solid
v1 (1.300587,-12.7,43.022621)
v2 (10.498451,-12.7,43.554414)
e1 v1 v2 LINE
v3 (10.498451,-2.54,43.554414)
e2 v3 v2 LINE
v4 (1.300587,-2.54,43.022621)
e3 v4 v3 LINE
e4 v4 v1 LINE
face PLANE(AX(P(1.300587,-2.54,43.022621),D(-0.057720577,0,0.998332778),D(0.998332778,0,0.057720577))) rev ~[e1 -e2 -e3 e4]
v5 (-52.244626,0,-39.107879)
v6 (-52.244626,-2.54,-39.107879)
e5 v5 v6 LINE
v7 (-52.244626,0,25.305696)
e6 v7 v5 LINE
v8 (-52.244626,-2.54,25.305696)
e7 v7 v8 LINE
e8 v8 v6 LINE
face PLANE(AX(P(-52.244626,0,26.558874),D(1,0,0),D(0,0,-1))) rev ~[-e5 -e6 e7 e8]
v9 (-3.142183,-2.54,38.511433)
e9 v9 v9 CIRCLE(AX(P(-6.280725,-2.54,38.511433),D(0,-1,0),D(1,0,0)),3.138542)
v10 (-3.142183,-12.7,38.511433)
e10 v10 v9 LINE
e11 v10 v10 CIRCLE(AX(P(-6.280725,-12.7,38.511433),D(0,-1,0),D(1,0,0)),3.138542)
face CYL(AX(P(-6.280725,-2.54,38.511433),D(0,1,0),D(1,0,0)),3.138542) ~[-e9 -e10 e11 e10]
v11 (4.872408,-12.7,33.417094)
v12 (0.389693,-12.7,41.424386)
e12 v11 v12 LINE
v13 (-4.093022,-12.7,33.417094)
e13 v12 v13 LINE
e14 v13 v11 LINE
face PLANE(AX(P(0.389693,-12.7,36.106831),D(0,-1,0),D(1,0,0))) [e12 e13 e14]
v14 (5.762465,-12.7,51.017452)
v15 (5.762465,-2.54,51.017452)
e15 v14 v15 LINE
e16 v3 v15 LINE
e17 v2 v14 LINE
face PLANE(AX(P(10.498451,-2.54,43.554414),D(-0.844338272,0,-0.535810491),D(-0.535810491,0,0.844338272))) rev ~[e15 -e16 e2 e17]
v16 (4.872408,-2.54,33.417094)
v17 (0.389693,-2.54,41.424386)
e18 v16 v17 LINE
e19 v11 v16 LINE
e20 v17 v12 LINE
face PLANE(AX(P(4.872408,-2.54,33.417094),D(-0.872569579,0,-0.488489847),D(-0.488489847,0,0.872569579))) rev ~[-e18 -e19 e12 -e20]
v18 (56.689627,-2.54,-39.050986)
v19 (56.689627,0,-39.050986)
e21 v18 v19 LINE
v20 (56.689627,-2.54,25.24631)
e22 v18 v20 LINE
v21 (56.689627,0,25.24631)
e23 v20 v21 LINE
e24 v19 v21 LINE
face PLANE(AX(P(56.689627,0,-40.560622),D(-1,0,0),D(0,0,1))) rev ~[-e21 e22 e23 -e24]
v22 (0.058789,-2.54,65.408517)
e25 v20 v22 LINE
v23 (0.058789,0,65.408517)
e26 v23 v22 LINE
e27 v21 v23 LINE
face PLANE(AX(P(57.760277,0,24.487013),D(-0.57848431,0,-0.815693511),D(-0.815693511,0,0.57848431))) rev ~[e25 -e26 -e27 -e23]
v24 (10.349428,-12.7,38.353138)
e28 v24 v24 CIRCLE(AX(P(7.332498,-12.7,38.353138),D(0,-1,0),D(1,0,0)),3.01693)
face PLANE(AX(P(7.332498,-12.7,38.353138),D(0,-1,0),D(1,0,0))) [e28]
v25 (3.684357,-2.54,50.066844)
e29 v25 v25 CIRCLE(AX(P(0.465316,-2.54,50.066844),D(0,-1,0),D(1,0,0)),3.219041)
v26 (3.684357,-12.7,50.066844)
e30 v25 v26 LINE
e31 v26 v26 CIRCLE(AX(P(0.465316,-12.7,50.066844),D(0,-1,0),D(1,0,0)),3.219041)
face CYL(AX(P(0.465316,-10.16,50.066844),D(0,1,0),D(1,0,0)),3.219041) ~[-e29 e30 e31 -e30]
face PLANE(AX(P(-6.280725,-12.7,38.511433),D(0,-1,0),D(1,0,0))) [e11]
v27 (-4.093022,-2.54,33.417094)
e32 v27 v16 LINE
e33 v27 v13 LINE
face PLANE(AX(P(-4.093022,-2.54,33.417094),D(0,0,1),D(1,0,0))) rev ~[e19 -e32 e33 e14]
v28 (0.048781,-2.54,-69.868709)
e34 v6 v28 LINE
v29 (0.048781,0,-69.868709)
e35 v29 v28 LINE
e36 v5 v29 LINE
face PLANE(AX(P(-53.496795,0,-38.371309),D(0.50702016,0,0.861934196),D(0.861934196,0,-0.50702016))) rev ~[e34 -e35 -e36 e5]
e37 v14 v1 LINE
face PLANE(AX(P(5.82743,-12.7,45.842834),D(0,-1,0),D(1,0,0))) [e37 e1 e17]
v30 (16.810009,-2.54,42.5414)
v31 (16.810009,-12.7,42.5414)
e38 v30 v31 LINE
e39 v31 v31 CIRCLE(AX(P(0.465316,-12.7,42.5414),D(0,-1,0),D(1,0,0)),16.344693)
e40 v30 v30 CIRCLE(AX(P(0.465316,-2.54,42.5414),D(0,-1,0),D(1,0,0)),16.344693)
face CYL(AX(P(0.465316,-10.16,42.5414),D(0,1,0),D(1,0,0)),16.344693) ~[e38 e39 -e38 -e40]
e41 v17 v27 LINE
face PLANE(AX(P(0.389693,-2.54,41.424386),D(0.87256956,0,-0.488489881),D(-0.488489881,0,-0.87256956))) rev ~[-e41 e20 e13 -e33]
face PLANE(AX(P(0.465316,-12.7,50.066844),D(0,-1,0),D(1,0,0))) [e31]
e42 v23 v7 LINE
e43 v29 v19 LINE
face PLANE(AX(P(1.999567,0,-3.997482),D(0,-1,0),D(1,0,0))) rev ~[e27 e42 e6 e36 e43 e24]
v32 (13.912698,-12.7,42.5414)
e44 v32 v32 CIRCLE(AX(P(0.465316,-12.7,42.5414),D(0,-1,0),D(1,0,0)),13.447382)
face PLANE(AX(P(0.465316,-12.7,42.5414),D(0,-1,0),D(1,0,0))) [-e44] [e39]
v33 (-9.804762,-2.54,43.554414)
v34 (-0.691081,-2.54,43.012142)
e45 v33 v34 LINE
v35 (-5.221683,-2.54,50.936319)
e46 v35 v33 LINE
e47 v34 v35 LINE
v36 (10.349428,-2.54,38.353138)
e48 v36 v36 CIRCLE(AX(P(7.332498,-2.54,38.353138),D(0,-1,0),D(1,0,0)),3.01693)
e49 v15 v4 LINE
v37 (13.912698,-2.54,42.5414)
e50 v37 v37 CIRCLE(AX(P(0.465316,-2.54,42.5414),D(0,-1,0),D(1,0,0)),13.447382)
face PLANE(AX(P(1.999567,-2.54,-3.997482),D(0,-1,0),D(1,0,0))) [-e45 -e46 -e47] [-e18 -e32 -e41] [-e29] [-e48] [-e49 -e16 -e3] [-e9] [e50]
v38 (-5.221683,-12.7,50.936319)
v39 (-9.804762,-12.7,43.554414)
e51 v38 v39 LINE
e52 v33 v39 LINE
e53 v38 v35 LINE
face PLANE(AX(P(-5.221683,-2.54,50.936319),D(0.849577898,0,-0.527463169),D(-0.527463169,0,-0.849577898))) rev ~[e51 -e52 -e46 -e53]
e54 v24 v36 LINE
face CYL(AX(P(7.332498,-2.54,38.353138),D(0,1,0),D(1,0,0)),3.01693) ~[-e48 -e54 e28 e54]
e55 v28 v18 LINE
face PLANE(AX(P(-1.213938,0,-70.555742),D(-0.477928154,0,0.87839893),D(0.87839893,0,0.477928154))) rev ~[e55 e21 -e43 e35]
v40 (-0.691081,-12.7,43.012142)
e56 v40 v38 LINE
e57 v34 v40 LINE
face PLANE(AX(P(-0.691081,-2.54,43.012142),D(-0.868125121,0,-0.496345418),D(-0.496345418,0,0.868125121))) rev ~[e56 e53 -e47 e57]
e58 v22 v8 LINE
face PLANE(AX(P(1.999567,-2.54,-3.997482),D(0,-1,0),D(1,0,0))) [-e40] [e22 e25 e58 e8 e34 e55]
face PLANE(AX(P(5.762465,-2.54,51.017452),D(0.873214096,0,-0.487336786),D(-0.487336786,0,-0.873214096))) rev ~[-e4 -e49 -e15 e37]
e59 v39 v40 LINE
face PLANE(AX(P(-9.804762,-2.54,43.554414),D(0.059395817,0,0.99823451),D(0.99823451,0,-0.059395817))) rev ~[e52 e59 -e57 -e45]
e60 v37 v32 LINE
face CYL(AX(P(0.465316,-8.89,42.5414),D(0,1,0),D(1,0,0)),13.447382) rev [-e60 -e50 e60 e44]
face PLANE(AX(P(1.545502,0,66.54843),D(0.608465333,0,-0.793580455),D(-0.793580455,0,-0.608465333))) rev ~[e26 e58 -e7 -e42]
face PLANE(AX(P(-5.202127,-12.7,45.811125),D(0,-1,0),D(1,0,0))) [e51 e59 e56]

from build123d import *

# Parameters (mm, degrees)
F1_DEPTH  = 12.7
F2_DEPTH  = 2.54
F3_DEPTH  = 7.62
F4_DEPTH  = 2.54
F5_DEPTH  = 2.54
F6_DEPTH  = 2.54
F7_DEPTH  = 2.54
F8_DEPTH  = 2.54
F9_DEPTH  = 2.54
F10_R     = 16.3446931482
F10_R_2   = 13.4473820184
F10_R_3   = 3.0169302384
F10_R_4   = 3.1385421842
F10_R_5   = 3.2190410071
F11_DEPTH = 25.4
F12_DEPTH = 19.05
F13_DEPTH = 6.35
F14_DEPTH = 2.54
F15_DEPTH = 2.54
F16_DEPTH = 2.54


with BuildPart() as f1:
    # F0 (on Front) → F1 (new body)
    with BuildSketch(Plane.XZ):
        Polygon((59.2296272516, 26.558874175), (0, 68.5641244054), (-54.7846257687, 26.558874175), (-54.7846257687, -40.5606217682), (0, -72.7868750691), (59.2296272516, -40.5606217682), align=None)
    extrude(amount=F1_DEPTH)

    # F2 (cut): a face of the model
    f2_faces = [f1.faces().sort_by_distance(p)[0] for p in [
        (1.9587071028, -12.7, -4.2659517496),
    ]]
    extrude(f2_faces, amount=-F2_DEPTH, mode=Mode.SUBTRACT)

    # F3 (cut): a face of the model
    f3_faces = [f1.faces().sort_by_distance(p)[0] for p in [
        (1.9587071028, -10.16, -4.2659517496),
    ]]
    extrude(f3_faces, amount=-F3_DEPTH, mode=Mode.SUBTRACT)

    # F4 (cut): a face of the model
    f4_faces = [f1.faces().sort_by_distance(p)[0] for p in [
        (29.6148136258, -1.27, 47.5614992902),
    ]]
    extrude(f4_faces, amount=-F4_DEPTH, mode=Mode.SUBTRACT)

    # F5 (cut): a face of the model
    f5_faces = [f1.faces().sort_by_distance(p)[0] for p in [
        (-27.3923128843, -1.27, 47.5614992902),
    ]]
    extrude(f5_faces, amount=-F5_DEPTH, mode=Mode.SUBTRACT)

    # F6 (cut): a face of the model
    f6_faces = [f1.faces().sort_by_distance(p)[0] for p in [
        (59.2296272516, -1.27, -7.0008737966),
    ]]
    extrude(f6_faces, amount=-F6_DEPTH, mode=Mode.SUBTRACT)

    # F7 (cut): a face of the model
    f7_faces = [f1.faces().sort_by_distance(p)[0] for p in [
        (-54.7846257687, -1.27, -7.0008737966),
    ]]
    extrude(f7_faces, amount=-F7_DEPTH, mode=Mode.SUBTRACT)

    # F8 (cut): a face of the model
    f8_faces = [f1.faces().sort_by_distance(p)[0] for p in [
        (-27.3923128843, -1.27, -56.6737484187),
    ]]
    extrude(f8_faces, amount=-F8_DEPTH, mode=Mode.SUBTRACT)

    # F9 (cut): a face of the model
    f9_faces = [f1.faces().sort_by_distance(p)[0] for p in [
        (29.6148136258, -1.27, -56.6737484187),
    ]]
    extrude(f9_faces, amount=-F9_DEPTH, mode=Mode.SUBTRACT)

    # F10 (on face) → F11 (join)
    with BuildSketch(Plane.XZ.offset(2.54)):
        with Locations((0.4653159413, 42.5413995981)):
            Circle(F10_R)
        with Locations((0.4653159413, 42.5413995981)):
            Circle(F10_R_2, mode=Mode.SUBTRACT)
        Polygon((5.7624652982, 51.0174520314), (1.3005869696, 43.022621423), (10.498451069, 43.5544140637), align=None)
        with Locations((7.332497742, 38.3531376719)):
            Circle(F10_R_3)
        Polygon((4.8724082299, 33.4170944989), (0.3896932758, 41.4243862033), (-4.0930220857, 33.4170944989), align=None)
        with Locations((-6.2807253562, 38.5114327073)):
            Circle(F10_R_4)
        Polygon((-5.2216826007, 50.936318934), (-9.8047619686, 43.5544140637), (-0.6910812808, 43.0121421814), align=None)
        with Locations((0.4653159413, 50.0668436289)):
            Circle(F10_R_5)
    extrude(amount=F11_DEPTH)

    # F12 (cut): faces of the model
    f12_faces = [f1.faces().sort_by_distance(p)[0] for p in [
        (-15.4170794725, -27.94, 42.5413995981),
        (0.38969314, -27.94, 36.0861917337),
        (7.332497742, -27.94, 38.3531376719),
        (5.8538344456, -27.94, 45.8648291727),
        (-5.2391752834, -27.94, 45.8342917264),
        (-6.2807253562, -27.94, 38.5114327073),
        (0.4653159413, -27.94, 50.0668436289),
    ]]
    extrude(f12_faces, amount=-F12_DEPTH, mode=Mode.SUBTRACT)

    # F13 (add): faces of the model
    f13_faces = [f1.faces().sort_by_distance(p)[0] for p in [
        (-15.4170794725, -8.89, 42.5413995981),
        (7.332497742, -8.89, 38.3531376719),
        (5.8538344456, -8.89, 45.8648291727),
        (0.4653159413, -8.89, 50.0668436289),
        (-5.2391752834, -8.89, 45.8342917264),
        (-6.2807253562, -8.89, 38.5114327073),
        (0.38969314, -8.89, 36.0861917337),
    ]]
    extrude(f13_faces, amount=F13_DEPTH)

    # F14 (cut): faces of the model
    f14_faces = [f1.faces().sort_by_distance(p)[0] for p in [
        (-15.4170794725, -15.24, 42.5413995981),
        (7.332497742, -15.24, 38.3531376719),
        (5.8538344456, -15.24, 45.8648291727),
        (0.4653159413, -15.24, 50.0668436289),
        (-5.2391752834, -15.24, 45.8342917264),
        (-6.2807253562, -15.24, 38.5114327073),
        (0.38969314, -15.24, 36.0861917337),
    ]]
    extrude(f14_faces, amount=-F14_DEPTH, mode=Mode.SUBTRACT)

    # F15 (cut): faces of the model
    f15_faces = [f1.faces().sort_by_distance(p)[0] for p in [
        (5.8538344456, -12.7, 45.8648291727),
        (0.4653159413, -12.7, 50.0668436289),
        (7.332497742, -12.7, 38.3531376719),
        (0.38969314, -12.7, 36.0861917337),
        (-5.2391752834, -12.7, 45.8342917264),
        (-6.2807253562, -12.7, 38.5114327073),
        (-15.4170794725, -12.7, 42.5413995981),
    ]]
    extrude(f15_faces, amount=-F15_DEPTH, mode=Mode.SUBTRACT)

    # F16 (add): faces of the model
    f16_faces = [f1.faces().sort_by_distance(p)[0] for p in [
        (0.4653159413, -10.16, 50.0668436289),
        (5.8538344456, -10.16, 45.8648291727),
        (7.332497742, -10.16, 38.3531376719),
        (0.38969314, -10.16, 36.0861917337),
        (-5.2391752834, -10.16, 45.8342917264),
        (-6.2807253562, -10.16, 38.5114327073),
        (-15.4170794725, -10.16, 42.5413995981),
    ]]
    extrude(f16_faces, amount=F16_DEPTH)


solid = f1.part
